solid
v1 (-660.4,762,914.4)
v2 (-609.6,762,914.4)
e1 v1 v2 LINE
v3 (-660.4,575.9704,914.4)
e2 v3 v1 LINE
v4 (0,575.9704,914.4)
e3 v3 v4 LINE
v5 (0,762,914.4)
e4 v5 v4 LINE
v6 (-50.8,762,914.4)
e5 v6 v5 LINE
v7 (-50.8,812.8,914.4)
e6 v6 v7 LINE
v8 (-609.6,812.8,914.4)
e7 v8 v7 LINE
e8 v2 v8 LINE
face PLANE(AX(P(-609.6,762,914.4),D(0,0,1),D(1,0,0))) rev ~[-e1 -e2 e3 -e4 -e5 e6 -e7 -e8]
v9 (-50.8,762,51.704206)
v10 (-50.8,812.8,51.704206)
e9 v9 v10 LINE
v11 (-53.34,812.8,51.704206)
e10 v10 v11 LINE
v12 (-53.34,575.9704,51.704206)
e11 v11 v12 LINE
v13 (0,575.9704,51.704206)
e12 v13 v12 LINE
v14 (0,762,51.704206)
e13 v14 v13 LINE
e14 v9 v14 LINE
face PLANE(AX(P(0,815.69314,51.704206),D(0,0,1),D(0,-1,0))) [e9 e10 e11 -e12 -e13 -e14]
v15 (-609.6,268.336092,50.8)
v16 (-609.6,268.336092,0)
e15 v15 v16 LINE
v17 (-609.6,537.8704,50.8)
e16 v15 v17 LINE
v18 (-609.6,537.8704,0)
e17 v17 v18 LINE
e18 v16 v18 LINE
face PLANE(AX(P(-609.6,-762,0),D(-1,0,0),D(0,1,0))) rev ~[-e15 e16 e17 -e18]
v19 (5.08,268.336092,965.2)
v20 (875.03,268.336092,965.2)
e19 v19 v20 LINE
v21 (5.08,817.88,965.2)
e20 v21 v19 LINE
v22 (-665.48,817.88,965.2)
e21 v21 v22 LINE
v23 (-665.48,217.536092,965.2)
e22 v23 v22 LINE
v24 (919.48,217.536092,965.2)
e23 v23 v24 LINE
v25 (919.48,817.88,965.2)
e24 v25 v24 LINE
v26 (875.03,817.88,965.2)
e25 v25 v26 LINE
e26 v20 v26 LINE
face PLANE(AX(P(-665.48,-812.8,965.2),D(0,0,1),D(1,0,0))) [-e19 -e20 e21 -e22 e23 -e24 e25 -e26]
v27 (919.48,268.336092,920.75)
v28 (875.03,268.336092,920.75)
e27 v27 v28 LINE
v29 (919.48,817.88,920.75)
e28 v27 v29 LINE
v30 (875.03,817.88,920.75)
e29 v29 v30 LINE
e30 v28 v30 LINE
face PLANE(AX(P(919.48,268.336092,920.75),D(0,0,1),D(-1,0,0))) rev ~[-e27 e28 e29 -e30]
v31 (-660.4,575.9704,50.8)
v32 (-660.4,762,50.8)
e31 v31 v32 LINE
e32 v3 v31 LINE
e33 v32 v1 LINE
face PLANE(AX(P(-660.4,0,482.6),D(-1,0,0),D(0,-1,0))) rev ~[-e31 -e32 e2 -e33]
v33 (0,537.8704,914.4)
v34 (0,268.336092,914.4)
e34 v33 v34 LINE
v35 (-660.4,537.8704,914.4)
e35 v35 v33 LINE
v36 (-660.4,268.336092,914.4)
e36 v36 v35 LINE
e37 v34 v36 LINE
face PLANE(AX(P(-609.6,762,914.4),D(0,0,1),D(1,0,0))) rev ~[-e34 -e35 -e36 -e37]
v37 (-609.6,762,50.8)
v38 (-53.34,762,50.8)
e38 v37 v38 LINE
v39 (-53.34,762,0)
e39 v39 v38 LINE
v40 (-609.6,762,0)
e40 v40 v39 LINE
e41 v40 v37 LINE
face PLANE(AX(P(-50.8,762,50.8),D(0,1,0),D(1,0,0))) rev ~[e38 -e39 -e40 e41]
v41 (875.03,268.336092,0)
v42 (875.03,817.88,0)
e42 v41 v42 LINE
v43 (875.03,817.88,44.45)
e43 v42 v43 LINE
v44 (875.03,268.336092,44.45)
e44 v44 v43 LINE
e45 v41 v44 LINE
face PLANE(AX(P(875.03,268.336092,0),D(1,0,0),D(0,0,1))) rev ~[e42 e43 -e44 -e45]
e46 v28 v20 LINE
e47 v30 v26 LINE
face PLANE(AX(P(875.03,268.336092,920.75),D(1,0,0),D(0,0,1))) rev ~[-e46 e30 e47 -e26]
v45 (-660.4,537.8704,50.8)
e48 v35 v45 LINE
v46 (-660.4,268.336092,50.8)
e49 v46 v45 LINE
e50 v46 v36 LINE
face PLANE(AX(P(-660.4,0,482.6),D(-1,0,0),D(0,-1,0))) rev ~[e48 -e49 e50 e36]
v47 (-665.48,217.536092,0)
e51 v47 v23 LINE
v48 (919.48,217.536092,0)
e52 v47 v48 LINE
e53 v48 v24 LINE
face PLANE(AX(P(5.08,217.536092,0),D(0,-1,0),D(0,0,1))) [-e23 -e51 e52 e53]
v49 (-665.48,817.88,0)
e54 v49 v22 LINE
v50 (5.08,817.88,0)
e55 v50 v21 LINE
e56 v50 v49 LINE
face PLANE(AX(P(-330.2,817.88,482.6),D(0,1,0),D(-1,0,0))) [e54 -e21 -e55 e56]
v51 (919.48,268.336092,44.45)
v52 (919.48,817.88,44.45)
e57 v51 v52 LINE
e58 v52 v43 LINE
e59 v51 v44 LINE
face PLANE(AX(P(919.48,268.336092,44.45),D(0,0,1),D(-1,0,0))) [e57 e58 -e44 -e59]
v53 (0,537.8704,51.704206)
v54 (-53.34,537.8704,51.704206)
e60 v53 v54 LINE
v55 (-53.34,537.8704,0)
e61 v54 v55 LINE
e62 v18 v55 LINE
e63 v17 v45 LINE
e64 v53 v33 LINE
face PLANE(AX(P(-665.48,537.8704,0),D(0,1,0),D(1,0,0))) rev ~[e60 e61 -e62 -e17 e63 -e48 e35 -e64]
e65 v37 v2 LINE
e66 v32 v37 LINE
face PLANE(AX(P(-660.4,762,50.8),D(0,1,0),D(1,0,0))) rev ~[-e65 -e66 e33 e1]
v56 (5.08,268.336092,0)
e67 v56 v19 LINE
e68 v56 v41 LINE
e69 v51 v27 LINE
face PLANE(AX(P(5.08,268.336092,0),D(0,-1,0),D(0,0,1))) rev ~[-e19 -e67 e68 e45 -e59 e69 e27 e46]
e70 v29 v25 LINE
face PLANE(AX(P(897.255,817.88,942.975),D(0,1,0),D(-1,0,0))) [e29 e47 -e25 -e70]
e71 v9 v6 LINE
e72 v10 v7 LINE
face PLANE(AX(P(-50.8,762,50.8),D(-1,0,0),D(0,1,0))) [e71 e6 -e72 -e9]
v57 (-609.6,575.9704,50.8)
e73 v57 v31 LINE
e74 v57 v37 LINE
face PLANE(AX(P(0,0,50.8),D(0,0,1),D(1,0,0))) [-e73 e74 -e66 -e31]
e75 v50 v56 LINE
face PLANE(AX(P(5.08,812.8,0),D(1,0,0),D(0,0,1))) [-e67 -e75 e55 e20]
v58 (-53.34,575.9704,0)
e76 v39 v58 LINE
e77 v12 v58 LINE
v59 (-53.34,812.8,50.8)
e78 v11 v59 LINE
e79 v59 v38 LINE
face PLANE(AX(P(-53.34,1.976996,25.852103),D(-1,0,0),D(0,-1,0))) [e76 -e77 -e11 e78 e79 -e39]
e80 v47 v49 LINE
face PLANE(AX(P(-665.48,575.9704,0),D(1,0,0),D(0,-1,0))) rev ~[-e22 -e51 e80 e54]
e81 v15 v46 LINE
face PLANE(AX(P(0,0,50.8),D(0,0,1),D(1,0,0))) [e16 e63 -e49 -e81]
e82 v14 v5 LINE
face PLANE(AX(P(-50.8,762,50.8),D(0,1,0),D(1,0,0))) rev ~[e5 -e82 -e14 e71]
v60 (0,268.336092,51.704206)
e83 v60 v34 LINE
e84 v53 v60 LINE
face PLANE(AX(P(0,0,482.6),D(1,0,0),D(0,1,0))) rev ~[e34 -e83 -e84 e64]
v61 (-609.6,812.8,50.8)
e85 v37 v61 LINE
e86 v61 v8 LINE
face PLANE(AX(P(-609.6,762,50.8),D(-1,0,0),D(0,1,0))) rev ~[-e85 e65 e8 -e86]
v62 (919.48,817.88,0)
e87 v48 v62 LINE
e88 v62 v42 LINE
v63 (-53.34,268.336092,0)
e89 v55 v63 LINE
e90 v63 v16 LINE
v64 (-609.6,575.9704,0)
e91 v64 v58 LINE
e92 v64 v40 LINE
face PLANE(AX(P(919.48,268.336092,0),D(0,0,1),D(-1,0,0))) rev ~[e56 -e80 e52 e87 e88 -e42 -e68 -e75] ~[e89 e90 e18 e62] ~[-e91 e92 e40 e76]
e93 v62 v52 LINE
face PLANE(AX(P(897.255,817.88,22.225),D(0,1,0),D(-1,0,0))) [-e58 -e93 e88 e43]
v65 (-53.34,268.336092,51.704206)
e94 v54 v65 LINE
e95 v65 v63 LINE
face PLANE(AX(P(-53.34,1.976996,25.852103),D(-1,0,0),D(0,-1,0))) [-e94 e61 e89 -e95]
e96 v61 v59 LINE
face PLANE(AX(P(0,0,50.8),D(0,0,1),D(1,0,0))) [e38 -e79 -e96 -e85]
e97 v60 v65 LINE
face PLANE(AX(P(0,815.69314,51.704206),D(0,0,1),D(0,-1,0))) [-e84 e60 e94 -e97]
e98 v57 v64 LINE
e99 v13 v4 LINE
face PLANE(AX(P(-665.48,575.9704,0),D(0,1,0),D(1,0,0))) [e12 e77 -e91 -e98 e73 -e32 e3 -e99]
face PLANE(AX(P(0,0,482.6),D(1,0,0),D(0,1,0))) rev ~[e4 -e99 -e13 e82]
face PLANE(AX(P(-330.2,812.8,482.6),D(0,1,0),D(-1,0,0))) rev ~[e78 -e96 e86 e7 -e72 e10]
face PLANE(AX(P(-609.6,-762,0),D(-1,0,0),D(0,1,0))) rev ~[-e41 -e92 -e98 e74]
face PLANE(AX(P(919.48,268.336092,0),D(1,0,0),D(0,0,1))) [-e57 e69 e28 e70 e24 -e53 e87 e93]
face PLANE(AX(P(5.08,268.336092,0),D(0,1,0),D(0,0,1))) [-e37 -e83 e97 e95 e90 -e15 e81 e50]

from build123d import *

# Parameters (mm, degrees)
F0_W           = 1320.8
F0_H           = 1625.6
F0_W_2         = 1219.2
F0_H_2         = 1524
F1_DEPTH       = 50.8
F2_W           = 50.8
F2_H           = 50.8
F3_DEPTH       = 863.6
F4_W           = 1320.8
F4_H           = 1625.6
F4_W_2         = 1219.2
F4_H_2         = 1524
F5_DEPTH       = 50.8
F6_W           = 609.6
F6_H           = 50.8
F7_DEPTH       = 1524
F9_DEPTH       = 965.201
F10_W          = 50.8
F10_H          = 50.8
F11_DEPTH      = 863.6
F12_W          = 558.8
F12_H          = 254
F13_DEPTH      = 914.4
F14_W          = 914.4
F14_H          = 254
F15_DEPTH      = 1625.601
F16_W          = 1625.6
F16_H          = 965.2
F17_DEPTH      = 5.08
F18_W          = 1625.6
F18_H          = 965.2
F19_DEPTH      = 5.08
F20_W          = 1627.432287
F20_H          = 51.704206
F21_DEPTH      = 53.34
F22_W          = 50.8
F22_H          = 965.2
F23_DEPTH      = 914.4
F23_DEPTH_BACK = 665.48
F24_W          = 670.56
F24_H          = 965.2
F25_DEPTH      = 5.08
F26_W          = 670.56
F26_H          = 965.2
F27_DEPTH      = 5.08
F28_W          = 44.45
F28_H          = 44.45
F29_DEPTH      = 549.543908
F30_W          = 670.56
F30_H          = 1035.416092
F31_DEPTH      = 965.201
F32_W          = 670.56
F32_H          = 38.1
F33_DEPTH      = 914.4


with BuildPart() as f1:
    # F0 (on Top) → F1 (new body)
    with BuildSketch(Plane.XY):
        Rectangle(F0_W, F0_H)
        Rectangle(F0_W_2, F0_H_2, mode=Mode.SUBTRACT)
    extrude(amount=F1_DEPTH)

    # F2 (on face) → F3 (join)
    with BuildSketch(Plane.XY.offset(50.8)):
        with Locations((-635, 787.4)):
            Rectangle(F2_W, F2_H)
        with Locations((635, 787.4)):
            Rectangle(F2_W, F2_H)
        with Locations((635, -787.4)):
            Rectangle(F2_W, F2_H)
        with Locations((-635, -787.4)):
            Rectangle(F2_W, F2_H)
    extrude(amount=F3_DEPTH)

    # F4 (on face) → F5 (join)
    with BuildSketch(Plane.XY.offset(914.4)):
        Rectangle(F4_W, F4_H)
        Rectangle(F4_W_2, F4_H_2, mode=Mode.SUBTRACT)
    extrude(amount=F5_DEPTH)

    # F6 (on face) → F7 (join, through all)
    with BuildSketch(Plane.XZ.offset(-762)):
        with Locations((-304.8, 939.8)):
            Rectangle(F6_W, F6_H)
    extrude(amount=F7_DEPTH)

    # F8 (on face) → F9 (cut, through all)
    with BuildSketch(Plane.XY.offset(965.2)):
        Polygon((0, 812.8), (0, 762), (0, -812.8), (660.4, -812.8), (660.4, 812.8), align=None)
    extrude(amount=-F9_DEPTH, mode=Mode.SUBTRACT)

    # F10 (on face) → F11 (join, through all)
    with BuildSketch(Plane.XY.offset(50.8)):
        with Locations((-25.4, 787.4)):
            Rectangle(F10_W, F10_H)
        with Locations((-25.4, -787.4)):
            Rectangle(F10_W, F10_H)
    extrude(amount=F11_DEPTH)

    # F12 (on face) → F13 (join)
    with BuildSketch(Plane.YZ):
        with Locations((533.4, 127)):
            Rectangle(F12_W, F12_H)
    extrude(amount=F13_DEPTH)

    # F14 (on face) → F15 (cut, through all)
    with BuildSketch(Plane(origin=(0, 812.8, 0), x_dir=(-1, 0, 0), z_dir=(0, 1, 0))):
        with Locations((-457.2, 127)):
            Rectangle(F14_W, F14_H)
    extrude(amount=-F15_DEPTH, mode=Mode.SUBTRACT)

    # F16 (on face) → F17 (join)
    with BuildSketch(Plane.YZ):
        with Locations((0, 482.6)):
            Rectangle(F16_W, F16_H)
    extrude(amount=F17_DEPTH)

    # F18 (on face) → F19 (join)
    with BuildSketch(Plane(origin=(-660.4, 0, 0), x_dir=(0, -1, 0), z_dir=(-1, 0, 0))):
        with Locations((0, 482.6)):
            Rectangle(F18_W, F18_H)
    extrude(amount=F19_DEPTH)

    # F20 (on face) → F21 (join)
    with BuildSketch(Plane(origin=(0, 0, 0), x_dir=(0, -1, 0), z_dir=(-1, 0, 0))):
        with Locations((-1.976996, 25.852103)):
            Rectangle(F20_W, F20_H)
    extrude(amount=F21_DEPTH)

    # F22 (on face) → F23 (join, two sides)
    with BuildSketch(Plane.YZ.offset(5.08)) as f23_sk:
        with Locations((242.936092, 482.6)):
            Rectangle(F22_W, F22_H)
    extrude(amount=F23_DEPTH)
    extrude(f23_sk.sketch, amount=-F23_DEPTH_BACK)

    # F24 (on face) → F25 (join)
    with BuildSketch(Plane(origin=(0, 812.8, 0), x_dir=(-1, 0, 0), z_dir=(0, 1, 0))):
        with Locations((330.2, 482.6)):
            Rectangle(F24_W, F24_H)
    extrude(amount=F25_DEPTH)

    # F26 (on face) → F27 (join)
    with BuildSketch(Plane.XZ.offset(812.8)):
        with Locations((-330.2, 482.6)):
            Rectangle(F26_W, F26_H)
    extrude(amount=F27_DEPTH)

    # F28 (on face) → F29 (join, through all)
    with BuildSketch(Plane(origin=(0, 268.336092, 0), x_dir=(-1, 0, 0), z_dir=(0, 1, 0))):
        with Locations((-897.255, 22.225)):
            Rectangle(F28_W, F28_H)
        with Locations((-897.255, 942.975)):
            Rectangle(F28_W, F28_H)
    extrude(amount=F29_DEPTH)

    # F30 (on face) → F31 (cut, through all)
    with BuildSketch(Plane(origin=(0, 0, 0), x_dir=(1, 0, 0), z_dir=(0, 0, -1))):
        with Locations((-330.2, 300.171954)):
            Rectangle(F30_W, F30_H)
    extrude(amount=-F31_DEPTH, mode=Mode.SUBTRACT)

    # F32 (on face) → F33 (join, through all)
    with BuildSketch(Plane(origin=(0, 0, 0), x_dir=(1, 0, 0), z_dir=(0, 0, -1))):
        with Locations((-330.2, -556.9204)):
            Rectangle(F32_W, F32_H)
    extrude(amount=-F33_DEPTH)


solid = f1.part
